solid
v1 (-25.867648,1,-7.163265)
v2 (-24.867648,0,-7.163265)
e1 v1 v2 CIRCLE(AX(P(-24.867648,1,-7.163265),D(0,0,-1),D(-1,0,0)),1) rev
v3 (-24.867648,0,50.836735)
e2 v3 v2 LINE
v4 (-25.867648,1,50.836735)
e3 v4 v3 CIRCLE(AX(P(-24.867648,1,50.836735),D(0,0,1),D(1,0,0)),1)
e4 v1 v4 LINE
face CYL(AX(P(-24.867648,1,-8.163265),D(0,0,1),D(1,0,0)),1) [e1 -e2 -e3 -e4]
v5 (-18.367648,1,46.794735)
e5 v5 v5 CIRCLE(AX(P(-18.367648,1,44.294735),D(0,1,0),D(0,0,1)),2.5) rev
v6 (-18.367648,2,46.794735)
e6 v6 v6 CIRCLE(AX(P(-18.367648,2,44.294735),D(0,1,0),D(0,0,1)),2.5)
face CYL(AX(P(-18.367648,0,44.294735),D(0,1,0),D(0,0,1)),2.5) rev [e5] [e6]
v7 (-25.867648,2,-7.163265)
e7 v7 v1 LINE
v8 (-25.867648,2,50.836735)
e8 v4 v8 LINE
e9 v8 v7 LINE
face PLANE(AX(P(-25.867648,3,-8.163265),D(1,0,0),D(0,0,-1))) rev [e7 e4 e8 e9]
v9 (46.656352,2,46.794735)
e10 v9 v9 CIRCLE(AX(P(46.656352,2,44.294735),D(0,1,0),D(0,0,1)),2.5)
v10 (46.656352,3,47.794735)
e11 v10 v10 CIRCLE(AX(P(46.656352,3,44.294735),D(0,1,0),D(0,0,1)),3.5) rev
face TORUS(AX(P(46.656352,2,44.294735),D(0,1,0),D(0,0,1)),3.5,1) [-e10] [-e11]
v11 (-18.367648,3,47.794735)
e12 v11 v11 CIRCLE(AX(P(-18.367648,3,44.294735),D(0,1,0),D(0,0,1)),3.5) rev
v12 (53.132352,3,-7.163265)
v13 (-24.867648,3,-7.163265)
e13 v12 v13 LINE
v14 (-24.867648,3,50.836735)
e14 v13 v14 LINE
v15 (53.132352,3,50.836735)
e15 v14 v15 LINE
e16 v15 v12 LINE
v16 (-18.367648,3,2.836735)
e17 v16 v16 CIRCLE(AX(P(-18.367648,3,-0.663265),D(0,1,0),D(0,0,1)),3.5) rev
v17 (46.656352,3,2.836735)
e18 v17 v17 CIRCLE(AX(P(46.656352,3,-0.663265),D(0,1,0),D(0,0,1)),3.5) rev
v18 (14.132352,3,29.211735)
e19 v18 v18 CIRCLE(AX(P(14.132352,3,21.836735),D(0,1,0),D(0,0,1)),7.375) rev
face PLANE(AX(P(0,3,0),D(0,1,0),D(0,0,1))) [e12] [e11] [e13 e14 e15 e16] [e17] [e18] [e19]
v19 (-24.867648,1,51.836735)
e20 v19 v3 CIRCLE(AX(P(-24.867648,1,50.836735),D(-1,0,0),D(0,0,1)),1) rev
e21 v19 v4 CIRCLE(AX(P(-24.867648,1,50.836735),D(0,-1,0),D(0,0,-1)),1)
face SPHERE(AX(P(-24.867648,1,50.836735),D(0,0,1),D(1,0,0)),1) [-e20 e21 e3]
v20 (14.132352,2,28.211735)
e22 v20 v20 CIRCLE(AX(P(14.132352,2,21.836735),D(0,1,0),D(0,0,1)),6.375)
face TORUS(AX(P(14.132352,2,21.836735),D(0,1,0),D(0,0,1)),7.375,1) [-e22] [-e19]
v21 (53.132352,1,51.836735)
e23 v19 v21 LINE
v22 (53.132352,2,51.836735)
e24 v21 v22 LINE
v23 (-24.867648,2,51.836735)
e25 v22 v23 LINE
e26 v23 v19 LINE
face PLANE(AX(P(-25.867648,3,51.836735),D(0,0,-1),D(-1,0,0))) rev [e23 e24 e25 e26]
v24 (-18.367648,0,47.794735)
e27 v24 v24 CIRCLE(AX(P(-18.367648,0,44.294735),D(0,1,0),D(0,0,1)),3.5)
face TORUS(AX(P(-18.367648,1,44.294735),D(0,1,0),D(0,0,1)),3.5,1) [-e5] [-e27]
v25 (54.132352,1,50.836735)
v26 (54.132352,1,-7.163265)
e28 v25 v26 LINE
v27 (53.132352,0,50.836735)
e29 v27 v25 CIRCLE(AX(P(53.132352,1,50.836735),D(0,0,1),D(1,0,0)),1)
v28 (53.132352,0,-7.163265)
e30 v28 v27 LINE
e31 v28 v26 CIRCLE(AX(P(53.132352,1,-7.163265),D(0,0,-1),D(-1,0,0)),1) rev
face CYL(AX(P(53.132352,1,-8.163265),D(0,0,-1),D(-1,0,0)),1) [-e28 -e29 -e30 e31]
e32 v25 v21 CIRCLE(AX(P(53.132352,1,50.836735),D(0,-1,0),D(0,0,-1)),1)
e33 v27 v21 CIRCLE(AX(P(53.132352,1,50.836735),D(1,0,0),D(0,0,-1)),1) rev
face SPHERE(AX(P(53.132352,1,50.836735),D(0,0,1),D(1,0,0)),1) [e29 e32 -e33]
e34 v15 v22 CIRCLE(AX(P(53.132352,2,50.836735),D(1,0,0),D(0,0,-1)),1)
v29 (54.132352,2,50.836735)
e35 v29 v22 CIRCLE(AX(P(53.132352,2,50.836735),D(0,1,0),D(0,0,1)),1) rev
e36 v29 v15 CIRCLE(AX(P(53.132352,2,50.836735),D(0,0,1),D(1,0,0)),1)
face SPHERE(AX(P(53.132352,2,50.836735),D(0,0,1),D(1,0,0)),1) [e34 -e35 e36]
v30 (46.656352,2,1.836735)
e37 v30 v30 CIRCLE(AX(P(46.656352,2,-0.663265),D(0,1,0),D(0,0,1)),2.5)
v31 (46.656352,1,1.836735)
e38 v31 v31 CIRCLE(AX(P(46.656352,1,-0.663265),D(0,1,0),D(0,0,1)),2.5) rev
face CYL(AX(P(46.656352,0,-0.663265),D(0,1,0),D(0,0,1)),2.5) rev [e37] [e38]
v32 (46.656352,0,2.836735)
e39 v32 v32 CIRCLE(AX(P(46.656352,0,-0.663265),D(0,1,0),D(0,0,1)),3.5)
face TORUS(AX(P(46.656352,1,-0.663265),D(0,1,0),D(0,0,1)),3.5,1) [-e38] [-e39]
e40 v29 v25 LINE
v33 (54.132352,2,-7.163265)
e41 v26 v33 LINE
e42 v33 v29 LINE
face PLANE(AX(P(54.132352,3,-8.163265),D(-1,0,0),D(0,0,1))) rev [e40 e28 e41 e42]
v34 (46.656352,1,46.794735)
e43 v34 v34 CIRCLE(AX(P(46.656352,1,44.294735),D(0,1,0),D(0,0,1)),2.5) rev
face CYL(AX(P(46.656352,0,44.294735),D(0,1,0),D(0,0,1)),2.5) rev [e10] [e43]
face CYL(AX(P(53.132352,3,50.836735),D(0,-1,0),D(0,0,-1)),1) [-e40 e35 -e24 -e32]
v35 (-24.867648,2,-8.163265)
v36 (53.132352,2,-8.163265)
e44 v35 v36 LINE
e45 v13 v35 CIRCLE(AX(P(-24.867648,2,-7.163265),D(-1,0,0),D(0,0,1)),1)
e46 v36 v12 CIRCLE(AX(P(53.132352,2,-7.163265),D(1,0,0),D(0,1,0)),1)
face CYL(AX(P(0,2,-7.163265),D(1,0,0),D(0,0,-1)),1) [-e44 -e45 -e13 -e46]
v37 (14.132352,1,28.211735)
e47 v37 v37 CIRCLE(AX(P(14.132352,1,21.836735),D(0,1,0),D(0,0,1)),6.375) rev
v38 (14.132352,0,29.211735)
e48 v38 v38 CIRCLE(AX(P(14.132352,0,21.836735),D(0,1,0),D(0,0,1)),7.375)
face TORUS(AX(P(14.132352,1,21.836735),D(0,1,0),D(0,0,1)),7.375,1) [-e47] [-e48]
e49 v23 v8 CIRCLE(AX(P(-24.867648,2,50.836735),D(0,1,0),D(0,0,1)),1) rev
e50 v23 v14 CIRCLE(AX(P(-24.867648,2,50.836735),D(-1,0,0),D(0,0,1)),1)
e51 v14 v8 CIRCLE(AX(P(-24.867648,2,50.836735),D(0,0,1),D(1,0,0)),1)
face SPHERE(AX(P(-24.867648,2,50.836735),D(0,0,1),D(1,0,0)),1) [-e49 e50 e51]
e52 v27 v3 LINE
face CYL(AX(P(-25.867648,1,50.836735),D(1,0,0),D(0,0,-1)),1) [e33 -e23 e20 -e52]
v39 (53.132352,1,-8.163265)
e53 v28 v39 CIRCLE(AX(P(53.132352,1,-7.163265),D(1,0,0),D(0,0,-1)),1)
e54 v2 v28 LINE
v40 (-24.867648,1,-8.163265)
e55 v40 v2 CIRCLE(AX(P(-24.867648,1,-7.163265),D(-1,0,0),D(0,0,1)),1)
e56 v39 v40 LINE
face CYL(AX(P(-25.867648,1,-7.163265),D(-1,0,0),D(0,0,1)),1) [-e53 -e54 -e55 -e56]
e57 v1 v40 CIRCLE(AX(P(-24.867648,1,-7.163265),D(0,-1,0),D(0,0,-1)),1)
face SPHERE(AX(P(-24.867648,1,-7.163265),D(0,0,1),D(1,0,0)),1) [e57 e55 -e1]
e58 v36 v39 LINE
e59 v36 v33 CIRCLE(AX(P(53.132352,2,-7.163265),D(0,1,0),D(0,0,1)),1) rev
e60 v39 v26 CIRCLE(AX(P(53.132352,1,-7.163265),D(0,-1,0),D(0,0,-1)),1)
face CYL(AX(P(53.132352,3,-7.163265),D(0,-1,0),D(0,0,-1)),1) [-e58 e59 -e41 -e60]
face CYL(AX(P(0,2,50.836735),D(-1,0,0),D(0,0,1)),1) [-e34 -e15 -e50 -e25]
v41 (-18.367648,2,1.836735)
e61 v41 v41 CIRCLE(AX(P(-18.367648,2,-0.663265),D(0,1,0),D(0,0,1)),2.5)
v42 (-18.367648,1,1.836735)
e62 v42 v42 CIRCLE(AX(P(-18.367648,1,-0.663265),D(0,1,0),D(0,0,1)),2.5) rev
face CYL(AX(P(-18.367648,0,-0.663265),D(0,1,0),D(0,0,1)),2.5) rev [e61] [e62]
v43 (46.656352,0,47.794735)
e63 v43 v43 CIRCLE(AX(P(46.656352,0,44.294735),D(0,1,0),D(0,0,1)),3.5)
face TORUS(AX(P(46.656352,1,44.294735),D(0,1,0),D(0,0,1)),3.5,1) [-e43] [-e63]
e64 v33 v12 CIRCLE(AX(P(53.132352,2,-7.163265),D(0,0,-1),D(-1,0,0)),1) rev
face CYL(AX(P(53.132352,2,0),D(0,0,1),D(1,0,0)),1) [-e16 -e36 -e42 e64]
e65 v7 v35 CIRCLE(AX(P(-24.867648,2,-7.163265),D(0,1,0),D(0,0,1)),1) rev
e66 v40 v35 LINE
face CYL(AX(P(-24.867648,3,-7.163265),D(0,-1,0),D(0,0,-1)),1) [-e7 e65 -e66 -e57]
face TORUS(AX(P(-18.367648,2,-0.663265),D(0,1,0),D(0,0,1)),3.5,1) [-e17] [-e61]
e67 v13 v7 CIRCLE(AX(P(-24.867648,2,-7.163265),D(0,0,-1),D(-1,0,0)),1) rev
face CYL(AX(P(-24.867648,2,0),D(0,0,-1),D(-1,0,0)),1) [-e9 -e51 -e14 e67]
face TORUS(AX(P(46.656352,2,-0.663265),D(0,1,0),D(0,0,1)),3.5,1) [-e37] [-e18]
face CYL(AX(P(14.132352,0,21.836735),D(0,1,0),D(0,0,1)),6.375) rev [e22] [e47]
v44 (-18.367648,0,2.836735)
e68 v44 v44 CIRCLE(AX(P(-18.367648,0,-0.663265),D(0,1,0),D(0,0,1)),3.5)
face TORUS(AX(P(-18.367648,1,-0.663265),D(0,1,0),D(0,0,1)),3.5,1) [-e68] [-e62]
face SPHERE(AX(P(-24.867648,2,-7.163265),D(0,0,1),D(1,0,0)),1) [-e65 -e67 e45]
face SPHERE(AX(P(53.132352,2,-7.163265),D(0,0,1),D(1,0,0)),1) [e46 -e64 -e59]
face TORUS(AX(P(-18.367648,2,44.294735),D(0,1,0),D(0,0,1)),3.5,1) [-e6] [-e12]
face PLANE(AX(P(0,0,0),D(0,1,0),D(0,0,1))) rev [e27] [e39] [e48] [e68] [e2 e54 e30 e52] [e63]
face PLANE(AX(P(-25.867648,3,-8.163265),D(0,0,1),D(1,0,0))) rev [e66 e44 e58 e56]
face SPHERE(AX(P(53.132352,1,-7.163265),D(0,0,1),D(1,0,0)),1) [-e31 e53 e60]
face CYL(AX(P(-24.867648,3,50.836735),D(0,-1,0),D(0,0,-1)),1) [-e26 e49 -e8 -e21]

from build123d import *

# Parameters (mm, degrees)
SKETCH1_W           = 160
SKETCH1_H           = 120
BOSS_EXTRUDE1_DEPTH = 6
SKETCH2_R           = 5
SKETCH2_R_2         = 12.75
CUT_EXTRUDE1_DEPTH  = 151.018113468
FILLET1_R           = 2
SCALE_1_SCALE       = 0.5


with BuildPart() as part:
    # Sketch1 → Boss-Extrude1 (new body)
    with BuildSketch(Plane(origin=(0, 0, 0), x_dir=(1, 0, 0), z_dir=(0, 1, 0))):
        with Locations((28.264703914, -43.673469388)):
            Rectangle(SKETCH1_W, SKETCH1_H)
    extrude(amount=BOSS_EXTRUDE1_DEPTH)

    # Sketch2 → Cut-Extrude1 (cut, through all)
    with BuildSketch(Plane(origin=(0, 6, 0), x_dir=(1, 0, 0), z_dir=(0, 1, 0))):
        with Locations(Location((-36.735296086, 1.326530612, 0), (0, 0, 270))):
            Circle(SKETCH2_R)
        with Locations(Location((93.312703914, 1.326530612, 0), (0, 0, 270))):
            Circle(SKETCH2_R)
        with Locations(Location((93.312703914, -88.589469388, 0), (0, 0, 270))):
            Circle(SKETCH2_R)
        with Locations(Location((-36.735296086, -88.589469388, 0), (0, 0, 270))):
            Circle(SKETCH2_R)
        with Locations(Location((28.264703914, -43.673469388, 0), (0, 0, 270))):
            Circle(SKETCH2_R_2)
    extrude(amount=-CUT_EXTRUDE1_DEPTH, mode=Mode.SUBTRACT)

    # Fillet1
    fillet1_edges = [part.edges().sort_by_distance(p)[0] for p in [
        (108.264703914, 6, 43.673469388),
        (28.264703914, 6, -16.326530612),
        (-36.735296086, 0, -6.326530612),
        (-36.735296086, 6, -6.326530612),
        (28.264703914, 0, 30.923469388),
        (28.264703914, 6, 30.923469388),
        (93.312703914, 0, -6.326530612),
        (93.312703914, 6, -6.326530612),
        (93.312703914, 0, 83.589469388),
        (93.312703914, 6, 83.589469388),
        (-36.735296086, 0, 83.589469388),
        (-36.735296086, 6, 83.589469388),
        (-51.735296086, 6, 43.673469388),
        (28.264703914, 0, -16.326530612),
        (108.264703914, 0, 43.673469388),
        (28.264703914, 0, 103.673469388),
        (-51.735296086, 0, 43.673469388),
        (28.264703914, 6, 103.673469388),
        (-51.735296086, 3, -16.326530612),
        (108.264703914, 3, -16.326530612),
        (108.264703914, 3, 103.673469388),
        (-51.735296086, 3, 103.673469388),
    ]]
    fillet(fillet1_edges, radius=FILLET1_R)


with BuildPart() as part_1:
    # 缩放比例1: scaled about (0, 0, 0)
    add(part.part.scale(SCALE_1_SCALE))


solid = part_1.part
